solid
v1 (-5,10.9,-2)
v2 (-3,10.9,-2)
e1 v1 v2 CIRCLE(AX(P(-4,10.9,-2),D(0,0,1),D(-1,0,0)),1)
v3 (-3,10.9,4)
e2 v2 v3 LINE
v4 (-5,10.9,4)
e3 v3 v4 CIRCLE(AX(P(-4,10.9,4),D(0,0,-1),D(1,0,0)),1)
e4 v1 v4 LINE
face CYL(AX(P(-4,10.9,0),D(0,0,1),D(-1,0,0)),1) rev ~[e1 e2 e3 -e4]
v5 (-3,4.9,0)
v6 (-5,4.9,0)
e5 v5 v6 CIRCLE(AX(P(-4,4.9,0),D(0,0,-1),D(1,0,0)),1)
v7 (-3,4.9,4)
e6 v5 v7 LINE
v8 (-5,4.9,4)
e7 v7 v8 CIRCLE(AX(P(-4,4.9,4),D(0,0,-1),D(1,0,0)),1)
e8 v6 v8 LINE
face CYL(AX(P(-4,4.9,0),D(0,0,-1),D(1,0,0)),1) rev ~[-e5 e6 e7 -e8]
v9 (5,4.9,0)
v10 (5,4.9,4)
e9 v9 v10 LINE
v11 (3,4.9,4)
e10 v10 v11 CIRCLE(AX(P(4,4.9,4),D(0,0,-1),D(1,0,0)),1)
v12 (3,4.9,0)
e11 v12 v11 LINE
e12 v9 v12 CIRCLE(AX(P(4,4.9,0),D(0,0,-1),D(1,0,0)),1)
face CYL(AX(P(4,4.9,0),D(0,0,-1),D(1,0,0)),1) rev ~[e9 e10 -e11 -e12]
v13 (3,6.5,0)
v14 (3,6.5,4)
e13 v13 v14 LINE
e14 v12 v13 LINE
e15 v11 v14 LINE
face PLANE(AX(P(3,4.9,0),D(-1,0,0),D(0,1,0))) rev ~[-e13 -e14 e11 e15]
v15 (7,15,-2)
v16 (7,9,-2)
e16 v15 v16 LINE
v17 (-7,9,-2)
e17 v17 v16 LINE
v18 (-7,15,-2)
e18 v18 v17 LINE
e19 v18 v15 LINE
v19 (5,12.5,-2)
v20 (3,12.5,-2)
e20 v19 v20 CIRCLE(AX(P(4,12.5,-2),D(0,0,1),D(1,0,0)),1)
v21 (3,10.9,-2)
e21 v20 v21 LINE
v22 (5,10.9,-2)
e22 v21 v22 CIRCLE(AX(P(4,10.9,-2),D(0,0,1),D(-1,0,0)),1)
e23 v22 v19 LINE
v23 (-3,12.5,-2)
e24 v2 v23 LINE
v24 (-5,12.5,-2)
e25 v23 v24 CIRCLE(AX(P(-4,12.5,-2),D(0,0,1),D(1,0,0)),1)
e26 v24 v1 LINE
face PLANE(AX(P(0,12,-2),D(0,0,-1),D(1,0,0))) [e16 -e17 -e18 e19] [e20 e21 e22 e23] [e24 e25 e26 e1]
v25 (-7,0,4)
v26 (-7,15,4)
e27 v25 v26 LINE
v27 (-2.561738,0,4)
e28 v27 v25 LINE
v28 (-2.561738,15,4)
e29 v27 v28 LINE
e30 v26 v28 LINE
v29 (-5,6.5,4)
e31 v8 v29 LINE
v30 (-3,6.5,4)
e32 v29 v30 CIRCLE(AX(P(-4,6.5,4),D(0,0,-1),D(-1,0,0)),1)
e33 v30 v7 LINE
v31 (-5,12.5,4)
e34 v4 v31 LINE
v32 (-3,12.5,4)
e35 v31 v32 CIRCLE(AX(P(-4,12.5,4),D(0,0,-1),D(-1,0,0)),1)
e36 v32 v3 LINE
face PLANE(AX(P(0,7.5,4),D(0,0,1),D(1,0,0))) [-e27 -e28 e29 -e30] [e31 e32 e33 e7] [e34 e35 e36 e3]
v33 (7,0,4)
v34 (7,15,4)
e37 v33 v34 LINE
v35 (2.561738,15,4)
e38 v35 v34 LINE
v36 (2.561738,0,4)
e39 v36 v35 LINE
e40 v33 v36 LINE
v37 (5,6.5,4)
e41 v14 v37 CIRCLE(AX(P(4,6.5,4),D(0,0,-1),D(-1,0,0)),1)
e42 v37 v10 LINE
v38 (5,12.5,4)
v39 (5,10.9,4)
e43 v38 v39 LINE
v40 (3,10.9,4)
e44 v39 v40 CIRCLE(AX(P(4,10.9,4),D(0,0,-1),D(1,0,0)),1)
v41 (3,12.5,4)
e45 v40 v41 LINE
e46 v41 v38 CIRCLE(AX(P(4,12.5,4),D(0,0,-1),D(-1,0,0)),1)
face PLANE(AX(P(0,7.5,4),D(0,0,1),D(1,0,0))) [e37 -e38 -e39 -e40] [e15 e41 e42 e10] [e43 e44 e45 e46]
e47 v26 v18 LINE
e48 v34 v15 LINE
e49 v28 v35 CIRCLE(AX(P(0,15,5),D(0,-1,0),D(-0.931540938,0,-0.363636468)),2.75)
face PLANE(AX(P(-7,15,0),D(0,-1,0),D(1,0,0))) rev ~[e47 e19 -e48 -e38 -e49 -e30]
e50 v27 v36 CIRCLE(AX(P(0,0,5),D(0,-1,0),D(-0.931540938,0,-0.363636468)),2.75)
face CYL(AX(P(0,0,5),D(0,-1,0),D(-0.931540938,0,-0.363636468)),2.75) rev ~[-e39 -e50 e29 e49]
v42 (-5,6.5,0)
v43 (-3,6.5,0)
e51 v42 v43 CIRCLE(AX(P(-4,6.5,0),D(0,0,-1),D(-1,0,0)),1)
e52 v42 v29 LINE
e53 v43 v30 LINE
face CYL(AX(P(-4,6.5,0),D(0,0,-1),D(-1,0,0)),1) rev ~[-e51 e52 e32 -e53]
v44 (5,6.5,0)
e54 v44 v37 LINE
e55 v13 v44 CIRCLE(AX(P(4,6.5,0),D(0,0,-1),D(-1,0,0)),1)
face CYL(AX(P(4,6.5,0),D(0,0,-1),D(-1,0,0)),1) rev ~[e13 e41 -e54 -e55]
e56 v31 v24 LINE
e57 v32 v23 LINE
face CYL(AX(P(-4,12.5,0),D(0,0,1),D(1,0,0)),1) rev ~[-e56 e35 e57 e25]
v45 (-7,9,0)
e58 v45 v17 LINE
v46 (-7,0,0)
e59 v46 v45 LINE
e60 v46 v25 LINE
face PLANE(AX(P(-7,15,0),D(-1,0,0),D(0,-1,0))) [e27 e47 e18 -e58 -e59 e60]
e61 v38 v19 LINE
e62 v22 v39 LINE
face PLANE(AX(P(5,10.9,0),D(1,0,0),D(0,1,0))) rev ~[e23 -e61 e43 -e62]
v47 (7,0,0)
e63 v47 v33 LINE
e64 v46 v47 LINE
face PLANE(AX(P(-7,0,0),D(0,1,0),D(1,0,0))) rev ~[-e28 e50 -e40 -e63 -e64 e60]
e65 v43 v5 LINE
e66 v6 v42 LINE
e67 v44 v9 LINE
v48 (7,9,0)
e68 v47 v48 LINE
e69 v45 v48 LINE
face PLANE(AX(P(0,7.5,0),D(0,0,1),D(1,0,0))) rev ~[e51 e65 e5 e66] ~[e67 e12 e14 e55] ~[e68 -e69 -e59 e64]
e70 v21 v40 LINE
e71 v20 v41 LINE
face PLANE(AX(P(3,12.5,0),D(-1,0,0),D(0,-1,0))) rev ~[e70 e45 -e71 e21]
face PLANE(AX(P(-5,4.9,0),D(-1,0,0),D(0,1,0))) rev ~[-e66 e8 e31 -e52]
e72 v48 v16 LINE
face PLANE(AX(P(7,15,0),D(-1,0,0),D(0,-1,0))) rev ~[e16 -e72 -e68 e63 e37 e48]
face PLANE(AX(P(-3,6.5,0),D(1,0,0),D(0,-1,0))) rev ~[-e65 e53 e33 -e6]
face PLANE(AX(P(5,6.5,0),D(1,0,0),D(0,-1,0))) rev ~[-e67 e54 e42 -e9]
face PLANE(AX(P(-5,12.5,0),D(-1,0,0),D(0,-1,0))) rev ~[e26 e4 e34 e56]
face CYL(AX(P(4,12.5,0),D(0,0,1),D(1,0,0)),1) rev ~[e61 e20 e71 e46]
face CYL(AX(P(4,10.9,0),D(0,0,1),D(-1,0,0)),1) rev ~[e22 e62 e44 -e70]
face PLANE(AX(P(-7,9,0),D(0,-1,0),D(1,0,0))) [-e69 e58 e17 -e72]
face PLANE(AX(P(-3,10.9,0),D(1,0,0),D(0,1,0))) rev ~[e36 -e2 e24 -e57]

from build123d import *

# Parameters (mm, degrees)
F0_W     = 14
F0_H     = 15
F1_DEPTH = 4
F3_DEPTH = 15.001
F4_W     = 14
F4_H     = 6
F5_DEPTH = 2


with BuildPart() as f1:
    # F0 (on Top) → F1 (new body)
    with BuildSketch(Plane.XY):
        with Locations((0, 7.5)):
            Rectangle(F0_W, F0_H)
        with BuildLine():
            Line((-5, 4.9), (-5, 6.5))
            ThreePointArc((-5, 6.5), (-4, 7.5), (-3, 6.5))
            Line((-3, 6.5), (-3, 4.9))
            ThreePointArc((-3, 4.9), (-4, 3.9), (-5, 4.9))
        make_face(mode=Mode.SUBTRACT)
        with BuildLine():
            Line((5, 6.5), (5, 4.9))
            ThreePointArc((5, 4.9), (4, 3.9), (3, 4.9))
            Line((3, 4.9), (3, 6.5))
            ThreePointArc((3, 6.5), (4, 7.5), (5, 6.5))
        make_face(mode=Mode.SUBTRACT)
        with BuildLine():
            Line((-5, 10.9), (-5, 12.5))
            ThreePointArc((-5, 12.5), (-4, 13.5), (-3, 12.5))
            Line((-3, 12.5), (-3, 10.9))
            ThreePointArc((-3, 10.9), (-4, 9.9), (-5, 10.9))
        make_face(mode=Mode.SUBTRACT)
        with BuildLine():
            Line((3, 10.9), (3, 12.5))
            ThreePointArc((3, 12.5), (4, 13.5), (5, 12.5))
            Line((5, 12.5), (5, 10.9))
            ThreePointArc((5, 10.9), (4, 9.9), (3, 10.9))
        make_face(mode=Mode.SUBTRACT)
    extrude(amount=F1_DEPTH)

    # F2 (on face) → F3 (cut, through all)
    with BuildSketch(Plane.XZ):
        with BuildLine():
            ThreePointArc((2.75, 5), (2.702525, 4.491216), (2.561738, 4))
            Line((2.561738, 4), (2.75, 4))
            Line((2.75, 4), (2.75, 5))
        make_face()
        with BuildLine():
            Line((2.561738, 4), (-2.561738, 4))
            ThreePointArc((-2.561738, 4), (0, 2.25), (2.561738, 4))
        make_face()
        with BuildLine():
            ThreePointArc((-2.561738, 4), (-2.702525, 4.491216), (-2.75, 5))
            Line((-2.75, 5), (-2.75, 4))
            Line((-2.75, 4), (-2.561738, 4))
        make_face()
    extrude(amount=-F3_DEPTH, mode=Mode.SUBTRACT)

    # F4 (on face) → F5 (join)
    with BuildSketch(Plane(origin=(0, 0, 0), x_dir=(1, 0, 0), z_dir=(0, 0, -1))):
        with Locations((0, -12)):
            Rectangle(F4_W, F4_H)
        with BuildLine():
            ThreePointArc((-3, -12.5), (-4, -13.5), (-5, -12.5))
            Line((-5, -12.5), (-5, -10.9))
            ThreePointArc((-5, -10.9), (-4, -9.9), (-3, -10.9))
            Line((-3, -10.9), (-3, -12.5))
        make_face(mode=Mode.SUBTRACT)
        with BuildLine():
            ThreePointArc((5, -12.5), (4, -13.5), (3, -12.5))
            Line((3, -12.5), (3, -10.9))
            ThreePointArc((3, -10.9), (4, -9.9), (5, -10.9))
            Line((5, -10.9), (5, -12.5))
        make_face(mode=Mode.SUBTRACT)
    extrude(amount=F5_DEPTH)


solid = f1.part
